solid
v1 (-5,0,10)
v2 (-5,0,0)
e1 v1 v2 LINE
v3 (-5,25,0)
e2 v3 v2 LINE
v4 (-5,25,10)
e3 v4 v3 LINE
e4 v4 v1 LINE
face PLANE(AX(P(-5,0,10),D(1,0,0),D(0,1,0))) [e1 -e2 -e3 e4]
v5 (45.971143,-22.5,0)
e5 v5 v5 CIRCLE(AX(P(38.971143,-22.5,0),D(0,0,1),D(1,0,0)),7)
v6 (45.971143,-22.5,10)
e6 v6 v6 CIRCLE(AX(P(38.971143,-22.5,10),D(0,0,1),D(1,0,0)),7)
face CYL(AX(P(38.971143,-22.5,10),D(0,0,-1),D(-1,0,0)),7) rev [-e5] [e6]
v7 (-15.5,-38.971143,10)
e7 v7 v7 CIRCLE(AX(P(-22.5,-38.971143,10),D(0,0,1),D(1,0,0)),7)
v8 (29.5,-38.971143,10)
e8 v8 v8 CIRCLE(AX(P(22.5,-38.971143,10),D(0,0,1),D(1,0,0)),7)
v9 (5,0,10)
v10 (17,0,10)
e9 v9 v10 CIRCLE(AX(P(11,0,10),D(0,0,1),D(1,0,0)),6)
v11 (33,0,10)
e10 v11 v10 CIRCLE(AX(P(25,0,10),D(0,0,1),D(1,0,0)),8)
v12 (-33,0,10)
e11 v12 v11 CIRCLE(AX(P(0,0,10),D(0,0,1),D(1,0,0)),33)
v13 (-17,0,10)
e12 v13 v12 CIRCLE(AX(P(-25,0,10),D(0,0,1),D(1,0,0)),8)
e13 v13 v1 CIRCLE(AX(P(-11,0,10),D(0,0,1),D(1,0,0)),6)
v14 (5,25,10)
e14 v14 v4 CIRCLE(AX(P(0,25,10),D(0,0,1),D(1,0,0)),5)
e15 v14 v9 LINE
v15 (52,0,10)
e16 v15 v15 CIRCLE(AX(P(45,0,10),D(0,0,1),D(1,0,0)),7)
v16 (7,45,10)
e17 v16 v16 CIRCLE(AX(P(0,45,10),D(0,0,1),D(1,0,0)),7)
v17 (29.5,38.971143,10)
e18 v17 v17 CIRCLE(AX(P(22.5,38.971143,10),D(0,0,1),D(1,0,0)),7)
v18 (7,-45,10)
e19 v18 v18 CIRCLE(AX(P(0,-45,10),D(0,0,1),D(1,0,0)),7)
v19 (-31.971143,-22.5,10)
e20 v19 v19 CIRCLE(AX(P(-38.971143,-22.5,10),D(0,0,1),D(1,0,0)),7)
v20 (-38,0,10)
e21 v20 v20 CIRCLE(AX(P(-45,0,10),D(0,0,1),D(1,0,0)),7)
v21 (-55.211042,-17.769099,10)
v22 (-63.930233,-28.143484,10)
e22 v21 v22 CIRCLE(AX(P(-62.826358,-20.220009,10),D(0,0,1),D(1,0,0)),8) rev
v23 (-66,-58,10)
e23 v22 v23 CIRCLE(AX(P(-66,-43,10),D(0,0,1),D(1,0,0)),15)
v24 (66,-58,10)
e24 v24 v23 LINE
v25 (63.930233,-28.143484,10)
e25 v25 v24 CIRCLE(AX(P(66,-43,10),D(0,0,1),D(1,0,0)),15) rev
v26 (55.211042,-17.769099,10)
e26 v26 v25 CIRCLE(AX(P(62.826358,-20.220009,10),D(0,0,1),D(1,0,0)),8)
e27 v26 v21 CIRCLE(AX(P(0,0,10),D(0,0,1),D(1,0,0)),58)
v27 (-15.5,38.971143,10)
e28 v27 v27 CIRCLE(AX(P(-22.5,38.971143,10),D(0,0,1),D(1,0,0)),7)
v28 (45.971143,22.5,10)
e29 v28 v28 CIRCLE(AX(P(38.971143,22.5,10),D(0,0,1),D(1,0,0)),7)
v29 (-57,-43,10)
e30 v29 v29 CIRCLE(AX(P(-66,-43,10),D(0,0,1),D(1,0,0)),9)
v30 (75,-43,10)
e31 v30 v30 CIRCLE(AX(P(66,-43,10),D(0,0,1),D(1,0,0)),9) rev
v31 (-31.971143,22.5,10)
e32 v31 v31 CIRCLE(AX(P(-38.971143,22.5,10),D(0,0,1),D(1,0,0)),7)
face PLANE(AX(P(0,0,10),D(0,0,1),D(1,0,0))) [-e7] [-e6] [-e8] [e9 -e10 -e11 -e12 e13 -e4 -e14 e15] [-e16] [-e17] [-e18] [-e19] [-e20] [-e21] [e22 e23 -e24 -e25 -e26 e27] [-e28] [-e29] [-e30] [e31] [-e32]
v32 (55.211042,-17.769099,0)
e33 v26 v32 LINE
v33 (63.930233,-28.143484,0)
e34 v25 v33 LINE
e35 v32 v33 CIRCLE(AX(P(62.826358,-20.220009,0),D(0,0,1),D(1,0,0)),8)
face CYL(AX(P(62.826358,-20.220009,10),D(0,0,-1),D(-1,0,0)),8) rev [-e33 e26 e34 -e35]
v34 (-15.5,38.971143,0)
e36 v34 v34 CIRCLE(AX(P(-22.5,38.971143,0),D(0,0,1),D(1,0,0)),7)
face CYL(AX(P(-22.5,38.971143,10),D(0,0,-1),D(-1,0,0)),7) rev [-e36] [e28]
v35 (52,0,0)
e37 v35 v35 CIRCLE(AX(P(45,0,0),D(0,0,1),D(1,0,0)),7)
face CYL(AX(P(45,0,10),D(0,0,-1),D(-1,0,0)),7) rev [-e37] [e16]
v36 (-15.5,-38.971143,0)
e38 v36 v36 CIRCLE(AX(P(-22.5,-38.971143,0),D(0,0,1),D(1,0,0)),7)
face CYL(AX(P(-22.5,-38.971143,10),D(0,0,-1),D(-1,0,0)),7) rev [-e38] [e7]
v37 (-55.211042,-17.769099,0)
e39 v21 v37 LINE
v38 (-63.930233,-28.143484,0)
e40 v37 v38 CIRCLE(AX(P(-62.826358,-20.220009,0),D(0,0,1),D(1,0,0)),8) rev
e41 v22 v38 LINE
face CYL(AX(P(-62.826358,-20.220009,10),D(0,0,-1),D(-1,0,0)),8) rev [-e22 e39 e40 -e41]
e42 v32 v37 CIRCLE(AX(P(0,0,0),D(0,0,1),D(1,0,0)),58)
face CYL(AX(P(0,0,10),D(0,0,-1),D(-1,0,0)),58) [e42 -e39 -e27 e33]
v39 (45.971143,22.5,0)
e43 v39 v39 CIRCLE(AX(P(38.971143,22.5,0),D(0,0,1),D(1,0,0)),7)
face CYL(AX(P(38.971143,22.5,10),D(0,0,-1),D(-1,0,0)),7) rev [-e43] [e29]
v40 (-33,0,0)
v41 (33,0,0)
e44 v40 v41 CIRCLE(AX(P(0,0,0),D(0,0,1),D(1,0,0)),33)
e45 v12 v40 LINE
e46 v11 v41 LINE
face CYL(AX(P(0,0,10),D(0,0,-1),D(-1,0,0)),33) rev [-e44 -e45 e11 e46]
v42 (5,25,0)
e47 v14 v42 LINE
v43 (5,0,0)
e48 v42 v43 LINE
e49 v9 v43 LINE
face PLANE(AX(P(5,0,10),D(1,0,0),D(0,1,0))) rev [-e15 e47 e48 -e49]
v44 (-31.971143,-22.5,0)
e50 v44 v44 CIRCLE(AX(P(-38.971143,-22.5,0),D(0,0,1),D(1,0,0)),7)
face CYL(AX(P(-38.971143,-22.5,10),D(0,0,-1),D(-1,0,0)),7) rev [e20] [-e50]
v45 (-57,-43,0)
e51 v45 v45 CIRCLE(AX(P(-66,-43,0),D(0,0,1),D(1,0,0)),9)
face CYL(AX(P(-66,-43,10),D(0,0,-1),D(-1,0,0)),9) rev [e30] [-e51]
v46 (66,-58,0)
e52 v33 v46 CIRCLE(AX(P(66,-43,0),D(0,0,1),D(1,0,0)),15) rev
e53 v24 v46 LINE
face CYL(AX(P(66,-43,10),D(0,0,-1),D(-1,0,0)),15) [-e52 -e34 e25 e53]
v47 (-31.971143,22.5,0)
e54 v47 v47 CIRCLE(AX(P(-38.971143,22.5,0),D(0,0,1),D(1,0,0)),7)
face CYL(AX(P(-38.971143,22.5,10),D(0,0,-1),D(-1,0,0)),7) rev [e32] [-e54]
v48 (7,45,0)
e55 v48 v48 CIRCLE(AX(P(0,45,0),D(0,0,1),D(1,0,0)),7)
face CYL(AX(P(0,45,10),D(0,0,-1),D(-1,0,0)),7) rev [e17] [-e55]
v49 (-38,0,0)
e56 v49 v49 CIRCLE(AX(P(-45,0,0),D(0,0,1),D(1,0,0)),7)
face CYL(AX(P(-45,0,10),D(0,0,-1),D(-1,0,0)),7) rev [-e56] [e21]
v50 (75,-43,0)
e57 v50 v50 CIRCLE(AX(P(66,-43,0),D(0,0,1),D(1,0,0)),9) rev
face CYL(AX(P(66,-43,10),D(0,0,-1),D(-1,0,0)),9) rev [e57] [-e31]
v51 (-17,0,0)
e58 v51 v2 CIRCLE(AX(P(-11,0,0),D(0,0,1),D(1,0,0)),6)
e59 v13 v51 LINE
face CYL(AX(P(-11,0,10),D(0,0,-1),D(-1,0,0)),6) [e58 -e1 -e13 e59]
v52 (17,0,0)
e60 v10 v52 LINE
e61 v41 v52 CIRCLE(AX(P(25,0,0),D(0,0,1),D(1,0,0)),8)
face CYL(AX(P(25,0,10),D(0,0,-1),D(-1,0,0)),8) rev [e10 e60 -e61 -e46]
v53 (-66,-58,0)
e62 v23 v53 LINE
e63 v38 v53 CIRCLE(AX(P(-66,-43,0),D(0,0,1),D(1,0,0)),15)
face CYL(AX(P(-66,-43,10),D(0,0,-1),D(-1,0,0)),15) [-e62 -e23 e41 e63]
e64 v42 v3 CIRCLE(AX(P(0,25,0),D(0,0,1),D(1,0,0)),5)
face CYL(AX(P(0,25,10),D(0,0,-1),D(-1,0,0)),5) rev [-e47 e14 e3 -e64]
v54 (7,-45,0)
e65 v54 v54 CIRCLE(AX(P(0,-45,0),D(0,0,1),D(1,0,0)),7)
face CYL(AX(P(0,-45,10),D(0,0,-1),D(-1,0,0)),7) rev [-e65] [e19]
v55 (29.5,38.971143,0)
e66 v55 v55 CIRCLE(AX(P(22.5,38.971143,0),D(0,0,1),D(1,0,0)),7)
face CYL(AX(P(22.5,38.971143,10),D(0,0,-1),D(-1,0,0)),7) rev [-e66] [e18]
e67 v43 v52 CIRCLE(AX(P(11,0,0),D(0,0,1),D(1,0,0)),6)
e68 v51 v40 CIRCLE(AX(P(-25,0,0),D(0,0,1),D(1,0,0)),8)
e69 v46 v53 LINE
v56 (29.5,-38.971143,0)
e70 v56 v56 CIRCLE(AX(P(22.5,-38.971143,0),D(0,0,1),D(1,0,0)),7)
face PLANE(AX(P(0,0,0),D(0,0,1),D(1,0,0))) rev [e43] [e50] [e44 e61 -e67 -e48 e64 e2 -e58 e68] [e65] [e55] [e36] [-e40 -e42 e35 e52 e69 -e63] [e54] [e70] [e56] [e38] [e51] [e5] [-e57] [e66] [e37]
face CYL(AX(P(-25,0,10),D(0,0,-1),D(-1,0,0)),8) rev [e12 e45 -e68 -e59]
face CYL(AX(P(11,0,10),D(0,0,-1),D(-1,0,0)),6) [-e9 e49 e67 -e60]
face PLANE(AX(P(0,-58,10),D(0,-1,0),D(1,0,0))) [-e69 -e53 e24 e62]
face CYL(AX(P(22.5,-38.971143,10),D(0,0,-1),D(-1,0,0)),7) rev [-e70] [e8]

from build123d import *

# Parameters (mm, degrees)
CROQUIS1_R              = 58
CROQUIS1_R_2            = 7
CROQUIS1_R_3            = 9
SALIENTE_EXTRUIR1_DEPTH = 10


with BuildPart() as part:
    # Croquis1 → Saliente-Extruir1 (new body)
    # profile 1 of 3: a face of its own
    with BuildSketch(Plane.XY):
        Circle(CROQUIS1_R)
        with Locations((-22.5, 38.97114317)):
            Circle(CROQUIS1_R_2, mode=Mode.SUBTRACT)
        with Locations((-38.97114317, 22.5)):
            Circle(CROQUIS1_R_2, mode=Mode.SUBTRACT)
        with Locations((-45, 0)):
            Circle(CROQUIS1_R_2, mode=Mode.SUBTRACT)
        with Locations((-38.97114317, -22.5)):
            Circle(CROQUIS1_R_2, mode=Mode.SUBTRACT)
        with Locations((-22.5, -38.97114317)):
            Circle(CROQUIS1_R_2, mode=Mode.SUBTRACT)
        with Locations((0, -45)):
            Circle(CROQUIS1_R_2, mode=Mode.SUBTRACT)
        with Locations((22.5, -38.97114317)):
            Circle(CROQUIS1_R_2, mode=Mode.SUBTRACT)
        with Locations((38.97114317, -22.5)):
            Circle(CROQUIS1_R_2, mode=Mode.SUBTRACT)
        with Locations((45, 0)):
            Circle(CROQUIS1_R_2, mode=Mode.SUBTRACT)
        with Locations((38.97114317, 22.5)):
            Circle(CROQUIS1_R_2, mode=Mode.SUBTRACT)
        with Locations((22.5, 38.97114317)):
            Circle(CROQUIS1_R_2, mode=Mode.SUBTRACT)
        with Locations((0, 45)):
            Circle(CROQUIS1_R_2, mode=Mode.SUBTRACT)
        with BuildLine():
            Line((5, 25), (5, 0))
            ThreePointArc((5, 0), (11, -6), (17, 0))
            ThreePointArc((17, 0), (25, 8), (33, 0))
            ThreePointArc((33, 0), (0, -33), (-33, 0))
            ThreePointArc((-33, 0), (-25, 8), (-17, 0))
            ThreePointArc((-17, 0), (-11, -6), (-5, 0))
            Line((-5, 0), (-5, 25))
            ThreePointArc((-5, 25), (0, 30), (5, 25))
        make_face(mode=Mode.SUBTRACT)
    # profile 2 of 3: a face of its own
    with BuildSketch(Plane.XY):
        with BuildLine():
            Line((1.58e-07, -58), (66, -58))
            ThreePointArc((66, -58), (80.964085993, -41.962632957), (63.930233382, -28.143484051))
            ThreePointArc((63.930233382, -28.143484051), (56.702087905, -25.367174857), (55.211041749, -17.769098711))
            ThreePointArc((55.211041749, -17.769098711), (34.156934021, -46.87540782), (1.58e-07, -58))
        make_face()
        with Locations((66, -43)):
            Circle(CROQUIS1_R_3, mode=Mode.SUBTRACT)
    # profile 3 of 3: a face of its own
    with BuildSketch(Plane.XY):
        with BuildLine():
            Line((-66, -58), (1.58e-07, -58))
            ThreePointArc((1.58e-07, -58), (-34.156933894, -46.875407913), (-55.211041749, -17.769098711))
            ThreePointArc((-55.211041749, -17.769098711), (-56.702087905, -25.367174857), (-63.930233382, -28.143484051))
            ThreePointArc((-63.930233382, -28.143484051), (-80.964085993, -41.962632957), (-66, -58))
        make_face()
        with Locations((-66, -43)):
            Circle(CROQUIS1_R_3, mode=Mode.SUBTRACT)
    extrude(amount=SALIENTE_EXTRUIR1_DEPTH)


solid = part.part
